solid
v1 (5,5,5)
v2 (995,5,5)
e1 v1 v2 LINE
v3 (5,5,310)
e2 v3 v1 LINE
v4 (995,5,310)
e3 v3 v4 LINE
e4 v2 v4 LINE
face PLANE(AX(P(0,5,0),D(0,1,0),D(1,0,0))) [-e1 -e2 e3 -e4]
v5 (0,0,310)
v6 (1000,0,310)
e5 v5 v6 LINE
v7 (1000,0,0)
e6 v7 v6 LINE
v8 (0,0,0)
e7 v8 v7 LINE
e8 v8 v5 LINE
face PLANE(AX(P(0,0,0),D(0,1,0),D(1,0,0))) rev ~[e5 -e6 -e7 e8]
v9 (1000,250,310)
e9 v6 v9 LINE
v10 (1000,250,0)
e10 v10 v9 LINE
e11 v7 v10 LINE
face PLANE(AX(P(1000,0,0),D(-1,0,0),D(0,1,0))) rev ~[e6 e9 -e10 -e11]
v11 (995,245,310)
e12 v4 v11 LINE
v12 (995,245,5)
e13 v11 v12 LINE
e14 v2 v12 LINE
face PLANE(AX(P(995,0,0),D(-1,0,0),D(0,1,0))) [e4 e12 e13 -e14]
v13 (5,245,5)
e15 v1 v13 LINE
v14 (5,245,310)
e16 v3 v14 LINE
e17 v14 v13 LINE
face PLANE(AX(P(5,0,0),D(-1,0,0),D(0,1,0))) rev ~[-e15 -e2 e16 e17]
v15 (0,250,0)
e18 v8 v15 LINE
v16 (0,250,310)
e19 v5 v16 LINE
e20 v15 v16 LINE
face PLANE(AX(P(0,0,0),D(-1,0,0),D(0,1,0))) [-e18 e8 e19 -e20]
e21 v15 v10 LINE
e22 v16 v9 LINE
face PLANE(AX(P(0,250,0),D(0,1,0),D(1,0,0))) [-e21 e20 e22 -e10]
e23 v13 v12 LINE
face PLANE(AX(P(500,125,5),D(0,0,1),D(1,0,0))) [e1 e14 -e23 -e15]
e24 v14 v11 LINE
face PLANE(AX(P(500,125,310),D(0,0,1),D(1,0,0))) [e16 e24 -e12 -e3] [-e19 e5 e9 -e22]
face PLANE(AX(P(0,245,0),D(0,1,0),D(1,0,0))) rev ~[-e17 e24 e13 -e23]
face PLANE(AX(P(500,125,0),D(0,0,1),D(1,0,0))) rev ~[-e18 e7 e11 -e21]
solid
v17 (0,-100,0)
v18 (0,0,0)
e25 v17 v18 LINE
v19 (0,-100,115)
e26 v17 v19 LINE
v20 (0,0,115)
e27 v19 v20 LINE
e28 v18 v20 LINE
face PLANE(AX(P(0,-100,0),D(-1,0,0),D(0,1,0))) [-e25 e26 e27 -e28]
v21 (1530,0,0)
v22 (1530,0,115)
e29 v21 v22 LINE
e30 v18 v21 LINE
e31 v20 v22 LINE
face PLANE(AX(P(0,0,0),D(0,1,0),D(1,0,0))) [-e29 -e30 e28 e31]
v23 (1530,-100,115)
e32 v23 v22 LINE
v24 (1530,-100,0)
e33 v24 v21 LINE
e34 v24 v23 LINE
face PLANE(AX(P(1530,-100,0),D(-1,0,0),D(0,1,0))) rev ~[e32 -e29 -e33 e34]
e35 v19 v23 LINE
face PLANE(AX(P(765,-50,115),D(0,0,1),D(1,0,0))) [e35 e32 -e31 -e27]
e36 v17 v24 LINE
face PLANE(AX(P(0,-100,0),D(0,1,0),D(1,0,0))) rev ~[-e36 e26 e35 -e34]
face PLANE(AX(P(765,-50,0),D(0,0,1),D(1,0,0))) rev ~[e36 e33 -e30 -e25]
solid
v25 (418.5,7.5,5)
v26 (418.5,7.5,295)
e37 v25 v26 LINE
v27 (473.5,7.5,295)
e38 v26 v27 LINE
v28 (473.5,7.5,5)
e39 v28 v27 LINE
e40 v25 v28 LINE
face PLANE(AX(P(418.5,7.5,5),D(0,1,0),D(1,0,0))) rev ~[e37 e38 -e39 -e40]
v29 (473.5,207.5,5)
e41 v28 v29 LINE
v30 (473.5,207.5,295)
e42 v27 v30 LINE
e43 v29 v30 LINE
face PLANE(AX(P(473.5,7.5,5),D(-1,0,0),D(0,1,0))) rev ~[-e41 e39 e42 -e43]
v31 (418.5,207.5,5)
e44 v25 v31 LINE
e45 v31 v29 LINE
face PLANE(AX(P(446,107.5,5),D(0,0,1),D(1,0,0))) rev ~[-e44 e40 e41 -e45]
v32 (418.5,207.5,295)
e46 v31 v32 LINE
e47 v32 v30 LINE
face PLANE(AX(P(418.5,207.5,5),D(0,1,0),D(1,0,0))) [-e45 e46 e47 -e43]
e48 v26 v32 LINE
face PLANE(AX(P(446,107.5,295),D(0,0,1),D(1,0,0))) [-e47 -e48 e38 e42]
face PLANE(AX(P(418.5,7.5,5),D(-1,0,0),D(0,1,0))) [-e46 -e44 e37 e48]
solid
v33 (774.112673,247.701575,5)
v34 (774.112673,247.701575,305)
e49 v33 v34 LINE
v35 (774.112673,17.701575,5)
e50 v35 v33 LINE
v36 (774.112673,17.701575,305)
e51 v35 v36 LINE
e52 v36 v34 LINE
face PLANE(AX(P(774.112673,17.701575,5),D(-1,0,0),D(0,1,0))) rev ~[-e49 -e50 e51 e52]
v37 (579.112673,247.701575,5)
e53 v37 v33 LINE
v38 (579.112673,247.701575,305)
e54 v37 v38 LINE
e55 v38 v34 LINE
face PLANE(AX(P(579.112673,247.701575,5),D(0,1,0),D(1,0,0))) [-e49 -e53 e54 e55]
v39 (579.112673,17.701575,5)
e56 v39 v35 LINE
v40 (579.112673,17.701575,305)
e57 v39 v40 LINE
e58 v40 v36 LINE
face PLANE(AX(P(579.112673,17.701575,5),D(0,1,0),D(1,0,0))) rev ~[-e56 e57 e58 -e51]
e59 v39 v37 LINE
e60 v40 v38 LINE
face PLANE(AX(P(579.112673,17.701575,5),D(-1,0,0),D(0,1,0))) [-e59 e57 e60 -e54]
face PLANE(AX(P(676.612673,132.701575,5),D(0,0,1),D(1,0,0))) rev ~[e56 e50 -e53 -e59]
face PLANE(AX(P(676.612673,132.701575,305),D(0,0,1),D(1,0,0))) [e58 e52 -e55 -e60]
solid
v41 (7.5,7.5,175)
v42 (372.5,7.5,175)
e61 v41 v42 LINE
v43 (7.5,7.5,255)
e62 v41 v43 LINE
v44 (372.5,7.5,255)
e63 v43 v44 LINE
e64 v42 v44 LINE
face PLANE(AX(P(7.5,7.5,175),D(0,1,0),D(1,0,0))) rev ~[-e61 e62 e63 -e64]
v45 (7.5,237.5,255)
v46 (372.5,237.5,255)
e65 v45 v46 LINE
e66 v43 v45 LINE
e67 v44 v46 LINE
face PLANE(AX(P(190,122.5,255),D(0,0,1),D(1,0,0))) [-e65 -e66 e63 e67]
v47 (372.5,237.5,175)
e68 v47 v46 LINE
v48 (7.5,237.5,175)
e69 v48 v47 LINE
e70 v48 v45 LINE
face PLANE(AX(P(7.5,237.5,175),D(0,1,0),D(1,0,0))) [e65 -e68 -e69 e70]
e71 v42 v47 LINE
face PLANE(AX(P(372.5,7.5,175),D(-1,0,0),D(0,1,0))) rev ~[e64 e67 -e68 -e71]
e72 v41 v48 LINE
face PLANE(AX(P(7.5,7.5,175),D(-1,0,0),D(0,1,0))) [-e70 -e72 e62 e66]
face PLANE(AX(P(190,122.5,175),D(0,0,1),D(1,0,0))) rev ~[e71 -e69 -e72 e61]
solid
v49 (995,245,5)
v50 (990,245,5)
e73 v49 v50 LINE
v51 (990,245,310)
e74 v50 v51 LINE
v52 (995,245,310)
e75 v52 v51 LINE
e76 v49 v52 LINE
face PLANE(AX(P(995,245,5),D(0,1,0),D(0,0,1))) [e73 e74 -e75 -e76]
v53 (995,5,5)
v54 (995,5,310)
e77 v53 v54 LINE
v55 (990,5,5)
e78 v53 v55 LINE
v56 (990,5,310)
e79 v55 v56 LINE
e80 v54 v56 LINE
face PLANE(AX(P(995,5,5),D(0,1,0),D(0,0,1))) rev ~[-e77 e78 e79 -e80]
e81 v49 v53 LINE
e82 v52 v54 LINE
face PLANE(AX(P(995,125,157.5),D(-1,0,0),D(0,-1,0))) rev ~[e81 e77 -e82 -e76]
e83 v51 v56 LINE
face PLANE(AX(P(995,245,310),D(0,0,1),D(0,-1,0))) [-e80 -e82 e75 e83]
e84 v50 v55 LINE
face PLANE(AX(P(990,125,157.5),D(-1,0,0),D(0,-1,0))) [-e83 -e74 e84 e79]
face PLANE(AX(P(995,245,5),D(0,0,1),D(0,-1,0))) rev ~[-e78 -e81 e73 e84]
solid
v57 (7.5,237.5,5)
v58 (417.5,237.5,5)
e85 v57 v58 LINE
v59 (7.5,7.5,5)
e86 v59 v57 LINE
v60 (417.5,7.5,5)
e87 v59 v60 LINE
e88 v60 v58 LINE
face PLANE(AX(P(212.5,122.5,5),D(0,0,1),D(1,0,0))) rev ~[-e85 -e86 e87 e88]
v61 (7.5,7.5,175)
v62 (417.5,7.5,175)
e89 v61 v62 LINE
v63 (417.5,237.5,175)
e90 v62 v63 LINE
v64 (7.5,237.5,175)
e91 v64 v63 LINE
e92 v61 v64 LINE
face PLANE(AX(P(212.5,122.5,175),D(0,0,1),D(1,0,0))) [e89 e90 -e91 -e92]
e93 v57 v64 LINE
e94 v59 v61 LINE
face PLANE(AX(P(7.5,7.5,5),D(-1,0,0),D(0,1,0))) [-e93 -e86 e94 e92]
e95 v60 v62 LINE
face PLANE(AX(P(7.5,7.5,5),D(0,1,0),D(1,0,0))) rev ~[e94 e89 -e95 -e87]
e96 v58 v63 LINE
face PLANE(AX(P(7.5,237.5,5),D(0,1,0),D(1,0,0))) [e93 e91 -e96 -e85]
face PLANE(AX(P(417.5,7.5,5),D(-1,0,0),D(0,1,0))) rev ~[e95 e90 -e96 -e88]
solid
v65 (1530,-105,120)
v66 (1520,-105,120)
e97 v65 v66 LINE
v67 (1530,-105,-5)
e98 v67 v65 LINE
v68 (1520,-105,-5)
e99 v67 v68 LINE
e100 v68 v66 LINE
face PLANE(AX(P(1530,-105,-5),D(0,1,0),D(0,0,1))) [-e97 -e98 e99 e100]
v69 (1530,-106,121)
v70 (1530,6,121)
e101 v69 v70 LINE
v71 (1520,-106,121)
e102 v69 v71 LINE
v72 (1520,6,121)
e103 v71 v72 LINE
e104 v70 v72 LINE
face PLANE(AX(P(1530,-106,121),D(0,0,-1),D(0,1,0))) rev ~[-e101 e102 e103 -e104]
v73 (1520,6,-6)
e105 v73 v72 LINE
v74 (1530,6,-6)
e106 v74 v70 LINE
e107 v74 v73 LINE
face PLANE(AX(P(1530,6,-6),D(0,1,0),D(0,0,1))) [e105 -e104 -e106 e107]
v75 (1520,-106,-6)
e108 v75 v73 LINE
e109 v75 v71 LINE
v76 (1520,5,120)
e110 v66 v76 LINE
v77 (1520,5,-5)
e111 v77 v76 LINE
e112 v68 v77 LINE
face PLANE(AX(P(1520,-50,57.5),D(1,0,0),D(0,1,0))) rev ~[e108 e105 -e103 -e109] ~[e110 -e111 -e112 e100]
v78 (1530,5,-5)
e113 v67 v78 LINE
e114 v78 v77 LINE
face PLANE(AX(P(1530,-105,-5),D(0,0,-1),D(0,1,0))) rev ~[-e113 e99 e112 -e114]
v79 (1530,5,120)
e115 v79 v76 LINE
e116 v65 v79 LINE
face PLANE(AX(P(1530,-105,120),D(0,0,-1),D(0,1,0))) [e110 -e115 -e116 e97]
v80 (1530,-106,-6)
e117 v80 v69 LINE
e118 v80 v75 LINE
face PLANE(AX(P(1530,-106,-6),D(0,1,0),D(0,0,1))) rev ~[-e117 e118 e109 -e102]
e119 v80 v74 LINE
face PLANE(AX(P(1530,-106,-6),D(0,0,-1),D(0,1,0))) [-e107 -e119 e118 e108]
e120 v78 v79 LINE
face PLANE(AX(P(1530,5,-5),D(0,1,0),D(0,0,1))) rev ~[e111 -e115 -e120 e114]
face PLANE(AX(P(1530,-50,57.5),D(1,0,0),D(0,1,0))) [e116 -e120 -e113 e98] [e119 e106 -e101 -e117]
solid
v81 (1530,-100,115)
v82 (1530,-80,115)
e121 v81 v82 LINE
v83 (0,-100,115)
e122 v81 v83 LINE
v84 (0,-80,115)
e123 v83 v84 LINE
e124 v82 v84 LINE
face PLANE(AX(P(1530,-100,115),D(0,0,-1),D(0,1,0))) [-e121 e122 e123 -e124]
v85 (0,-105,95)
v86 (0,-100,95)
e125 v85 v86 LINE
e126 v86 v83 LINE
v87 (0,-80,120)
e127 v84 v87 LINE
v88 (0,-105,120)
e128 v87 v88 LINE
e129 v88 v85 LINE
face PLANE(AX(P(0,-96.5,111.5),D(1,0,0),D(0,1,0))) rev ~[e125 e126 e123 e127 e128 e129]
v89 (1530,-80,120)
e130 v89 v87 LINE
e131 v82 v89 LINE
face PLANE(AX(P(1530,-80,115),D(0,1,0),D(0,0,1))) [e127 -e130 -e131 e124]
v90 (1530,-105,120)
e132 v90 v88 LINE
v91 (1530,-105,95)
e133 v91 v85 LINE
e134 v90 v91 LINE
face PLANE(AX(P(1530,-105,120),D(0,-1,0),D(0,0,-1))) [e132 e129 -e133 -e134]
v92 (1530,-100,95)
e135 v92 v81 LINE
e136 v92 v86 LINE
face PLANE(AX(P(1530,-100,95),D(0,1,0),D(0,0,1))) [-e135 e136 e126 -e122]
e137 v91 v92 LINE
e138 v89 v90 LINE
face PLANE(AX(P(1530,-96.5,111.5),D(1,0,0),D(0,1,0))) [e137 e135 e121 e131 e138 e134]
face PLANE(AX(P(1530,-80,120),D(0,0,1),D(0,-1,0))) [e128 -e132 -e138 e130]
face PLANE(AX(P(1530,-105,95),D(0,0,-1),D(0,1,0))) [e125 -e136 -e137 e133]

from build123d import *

# Parameters (mm, degrees)
F0_W      = 1000
F0_H      = 250
F1_DEPTH  = 310
F2_T      = -5
F3_W      = 410
F3_H      = 230
F4_DEPTH  = 170
F5_W      = 365
F5_H      = 230
F6_DEPTH  = 80
F7_W      = 55
F7_H      = 200
F8_DEPTH  = 290
F9_W      = 195
F9_H      = 230
F10_DEPTH = 300
F11_W     = 1530
F11_H     = 100
F12_DEPTH = 115
F13_W     = 240
F13_H     = 305
F14_DEPTH = 5
F16_DEPTH = 1530
F17_W     = 112
F17_H     = 127
F17_W_2   = 110
F17_H_2   = 125
F18_DEPTH = 10


with BuildPart() as f1:
    # F0 (on Top) → F1 (new body)
    with BuildSketch(Plane.XY):
        with Locations((500, 125)):
            Rectangle(F0_W, F0_H)
    extrude(amount=F1_DEPTH)

    # F2
    f2_openings = [f1.faces().sort_by_distance(p)[0] for p in [
        (500, 125, 310),
    ]]
    offset(amount=F2_T, openings=f2_openings)


with BuildPart() as f4:
    # F3 (on face) → F4 (new body)
    with BuildSketch(Plane.XY.offset(5)):
        with Locations((212.5, 122.5)):
            Rectangle(F3_W, F3_H)
    extrude(amount=F4_DEPTH)


with BuildPart() as f6:
    # F5 (on face) → F6 (new body)
    with BuildSketch(Plane.XY.offset(175)):
        with Locations((190, 122.5)):
            Rectangle(F5_W, F5_H)
    extrude(amount=F6_DEPTH)


with BuildPart() as f8:
    # F7 (on face) → F8 (new body)
    with BuildSketch(Plane.XY.offset(5)):
        with Locations((446, 107.5)):
            Rectangle(F7_W, F7_H)
    extrude(amount=F8_DEPTH)


with BuildPart() as f10:
    # F9 (on face) → F10 (new body)
    with BuildSketch(Plane.XY.offset(5)):
        with Locations((676.612673, 132.701575)):
            Rectangle(F9_W, F9_H)
    extrude(amount=F10_DEPTH)


with BuildPart() as f12:
    # F11 (on Top) → F12 (new body)
    with BuildSketch(Plane.XY):
        with Locations((765, -50)):
            Rectangle(F11_W, F11_H)
    extrude(amount=F12_DEPTH)


with BuildPart() as f14:
    # F13 (on face) → F14 (new body)
    with BuildSketch(Plane(origin=(995, 0, 0), x_dir=(0, -1, 0), z_dir=(-1, 0, 0))):
        with Locations((-125, 157.5)):
            Rectangle(F13_W, F13_H)
    extrude(amount=F14_DEPTH)


with BuildPart() as f16:
    # F15 (on face) → F16 (new body, through all)
    with BuildSketch(Plane.YZ.offset(1530)):
        Polygon((-100, 95), (-100, 115), (-80, 115), (-80, 120), (-105, 120), (-105, 95), align=None)
    extrude(amount=-F16_DEPTH)


with BuildPart() as f18:
    # F17 (on face) → F18 (new body)
    with BuildSketch(Plane.YZ.offset(1530)):
        with Locations((-50, 57.5)):
            Rectangle(F17_W, F17_H)
        with Locations((-50, 57.5)):
            Rectangle(F17_W_2, F17_H_2, mode=Mode.SUBTRACT)
    extrude(amount=-F18_DEPTH)


solid = Compound([f1.part, f4.part, f6.part, f8.part, f10.part, f12.part, f14.part, f16.part, f18.part])
